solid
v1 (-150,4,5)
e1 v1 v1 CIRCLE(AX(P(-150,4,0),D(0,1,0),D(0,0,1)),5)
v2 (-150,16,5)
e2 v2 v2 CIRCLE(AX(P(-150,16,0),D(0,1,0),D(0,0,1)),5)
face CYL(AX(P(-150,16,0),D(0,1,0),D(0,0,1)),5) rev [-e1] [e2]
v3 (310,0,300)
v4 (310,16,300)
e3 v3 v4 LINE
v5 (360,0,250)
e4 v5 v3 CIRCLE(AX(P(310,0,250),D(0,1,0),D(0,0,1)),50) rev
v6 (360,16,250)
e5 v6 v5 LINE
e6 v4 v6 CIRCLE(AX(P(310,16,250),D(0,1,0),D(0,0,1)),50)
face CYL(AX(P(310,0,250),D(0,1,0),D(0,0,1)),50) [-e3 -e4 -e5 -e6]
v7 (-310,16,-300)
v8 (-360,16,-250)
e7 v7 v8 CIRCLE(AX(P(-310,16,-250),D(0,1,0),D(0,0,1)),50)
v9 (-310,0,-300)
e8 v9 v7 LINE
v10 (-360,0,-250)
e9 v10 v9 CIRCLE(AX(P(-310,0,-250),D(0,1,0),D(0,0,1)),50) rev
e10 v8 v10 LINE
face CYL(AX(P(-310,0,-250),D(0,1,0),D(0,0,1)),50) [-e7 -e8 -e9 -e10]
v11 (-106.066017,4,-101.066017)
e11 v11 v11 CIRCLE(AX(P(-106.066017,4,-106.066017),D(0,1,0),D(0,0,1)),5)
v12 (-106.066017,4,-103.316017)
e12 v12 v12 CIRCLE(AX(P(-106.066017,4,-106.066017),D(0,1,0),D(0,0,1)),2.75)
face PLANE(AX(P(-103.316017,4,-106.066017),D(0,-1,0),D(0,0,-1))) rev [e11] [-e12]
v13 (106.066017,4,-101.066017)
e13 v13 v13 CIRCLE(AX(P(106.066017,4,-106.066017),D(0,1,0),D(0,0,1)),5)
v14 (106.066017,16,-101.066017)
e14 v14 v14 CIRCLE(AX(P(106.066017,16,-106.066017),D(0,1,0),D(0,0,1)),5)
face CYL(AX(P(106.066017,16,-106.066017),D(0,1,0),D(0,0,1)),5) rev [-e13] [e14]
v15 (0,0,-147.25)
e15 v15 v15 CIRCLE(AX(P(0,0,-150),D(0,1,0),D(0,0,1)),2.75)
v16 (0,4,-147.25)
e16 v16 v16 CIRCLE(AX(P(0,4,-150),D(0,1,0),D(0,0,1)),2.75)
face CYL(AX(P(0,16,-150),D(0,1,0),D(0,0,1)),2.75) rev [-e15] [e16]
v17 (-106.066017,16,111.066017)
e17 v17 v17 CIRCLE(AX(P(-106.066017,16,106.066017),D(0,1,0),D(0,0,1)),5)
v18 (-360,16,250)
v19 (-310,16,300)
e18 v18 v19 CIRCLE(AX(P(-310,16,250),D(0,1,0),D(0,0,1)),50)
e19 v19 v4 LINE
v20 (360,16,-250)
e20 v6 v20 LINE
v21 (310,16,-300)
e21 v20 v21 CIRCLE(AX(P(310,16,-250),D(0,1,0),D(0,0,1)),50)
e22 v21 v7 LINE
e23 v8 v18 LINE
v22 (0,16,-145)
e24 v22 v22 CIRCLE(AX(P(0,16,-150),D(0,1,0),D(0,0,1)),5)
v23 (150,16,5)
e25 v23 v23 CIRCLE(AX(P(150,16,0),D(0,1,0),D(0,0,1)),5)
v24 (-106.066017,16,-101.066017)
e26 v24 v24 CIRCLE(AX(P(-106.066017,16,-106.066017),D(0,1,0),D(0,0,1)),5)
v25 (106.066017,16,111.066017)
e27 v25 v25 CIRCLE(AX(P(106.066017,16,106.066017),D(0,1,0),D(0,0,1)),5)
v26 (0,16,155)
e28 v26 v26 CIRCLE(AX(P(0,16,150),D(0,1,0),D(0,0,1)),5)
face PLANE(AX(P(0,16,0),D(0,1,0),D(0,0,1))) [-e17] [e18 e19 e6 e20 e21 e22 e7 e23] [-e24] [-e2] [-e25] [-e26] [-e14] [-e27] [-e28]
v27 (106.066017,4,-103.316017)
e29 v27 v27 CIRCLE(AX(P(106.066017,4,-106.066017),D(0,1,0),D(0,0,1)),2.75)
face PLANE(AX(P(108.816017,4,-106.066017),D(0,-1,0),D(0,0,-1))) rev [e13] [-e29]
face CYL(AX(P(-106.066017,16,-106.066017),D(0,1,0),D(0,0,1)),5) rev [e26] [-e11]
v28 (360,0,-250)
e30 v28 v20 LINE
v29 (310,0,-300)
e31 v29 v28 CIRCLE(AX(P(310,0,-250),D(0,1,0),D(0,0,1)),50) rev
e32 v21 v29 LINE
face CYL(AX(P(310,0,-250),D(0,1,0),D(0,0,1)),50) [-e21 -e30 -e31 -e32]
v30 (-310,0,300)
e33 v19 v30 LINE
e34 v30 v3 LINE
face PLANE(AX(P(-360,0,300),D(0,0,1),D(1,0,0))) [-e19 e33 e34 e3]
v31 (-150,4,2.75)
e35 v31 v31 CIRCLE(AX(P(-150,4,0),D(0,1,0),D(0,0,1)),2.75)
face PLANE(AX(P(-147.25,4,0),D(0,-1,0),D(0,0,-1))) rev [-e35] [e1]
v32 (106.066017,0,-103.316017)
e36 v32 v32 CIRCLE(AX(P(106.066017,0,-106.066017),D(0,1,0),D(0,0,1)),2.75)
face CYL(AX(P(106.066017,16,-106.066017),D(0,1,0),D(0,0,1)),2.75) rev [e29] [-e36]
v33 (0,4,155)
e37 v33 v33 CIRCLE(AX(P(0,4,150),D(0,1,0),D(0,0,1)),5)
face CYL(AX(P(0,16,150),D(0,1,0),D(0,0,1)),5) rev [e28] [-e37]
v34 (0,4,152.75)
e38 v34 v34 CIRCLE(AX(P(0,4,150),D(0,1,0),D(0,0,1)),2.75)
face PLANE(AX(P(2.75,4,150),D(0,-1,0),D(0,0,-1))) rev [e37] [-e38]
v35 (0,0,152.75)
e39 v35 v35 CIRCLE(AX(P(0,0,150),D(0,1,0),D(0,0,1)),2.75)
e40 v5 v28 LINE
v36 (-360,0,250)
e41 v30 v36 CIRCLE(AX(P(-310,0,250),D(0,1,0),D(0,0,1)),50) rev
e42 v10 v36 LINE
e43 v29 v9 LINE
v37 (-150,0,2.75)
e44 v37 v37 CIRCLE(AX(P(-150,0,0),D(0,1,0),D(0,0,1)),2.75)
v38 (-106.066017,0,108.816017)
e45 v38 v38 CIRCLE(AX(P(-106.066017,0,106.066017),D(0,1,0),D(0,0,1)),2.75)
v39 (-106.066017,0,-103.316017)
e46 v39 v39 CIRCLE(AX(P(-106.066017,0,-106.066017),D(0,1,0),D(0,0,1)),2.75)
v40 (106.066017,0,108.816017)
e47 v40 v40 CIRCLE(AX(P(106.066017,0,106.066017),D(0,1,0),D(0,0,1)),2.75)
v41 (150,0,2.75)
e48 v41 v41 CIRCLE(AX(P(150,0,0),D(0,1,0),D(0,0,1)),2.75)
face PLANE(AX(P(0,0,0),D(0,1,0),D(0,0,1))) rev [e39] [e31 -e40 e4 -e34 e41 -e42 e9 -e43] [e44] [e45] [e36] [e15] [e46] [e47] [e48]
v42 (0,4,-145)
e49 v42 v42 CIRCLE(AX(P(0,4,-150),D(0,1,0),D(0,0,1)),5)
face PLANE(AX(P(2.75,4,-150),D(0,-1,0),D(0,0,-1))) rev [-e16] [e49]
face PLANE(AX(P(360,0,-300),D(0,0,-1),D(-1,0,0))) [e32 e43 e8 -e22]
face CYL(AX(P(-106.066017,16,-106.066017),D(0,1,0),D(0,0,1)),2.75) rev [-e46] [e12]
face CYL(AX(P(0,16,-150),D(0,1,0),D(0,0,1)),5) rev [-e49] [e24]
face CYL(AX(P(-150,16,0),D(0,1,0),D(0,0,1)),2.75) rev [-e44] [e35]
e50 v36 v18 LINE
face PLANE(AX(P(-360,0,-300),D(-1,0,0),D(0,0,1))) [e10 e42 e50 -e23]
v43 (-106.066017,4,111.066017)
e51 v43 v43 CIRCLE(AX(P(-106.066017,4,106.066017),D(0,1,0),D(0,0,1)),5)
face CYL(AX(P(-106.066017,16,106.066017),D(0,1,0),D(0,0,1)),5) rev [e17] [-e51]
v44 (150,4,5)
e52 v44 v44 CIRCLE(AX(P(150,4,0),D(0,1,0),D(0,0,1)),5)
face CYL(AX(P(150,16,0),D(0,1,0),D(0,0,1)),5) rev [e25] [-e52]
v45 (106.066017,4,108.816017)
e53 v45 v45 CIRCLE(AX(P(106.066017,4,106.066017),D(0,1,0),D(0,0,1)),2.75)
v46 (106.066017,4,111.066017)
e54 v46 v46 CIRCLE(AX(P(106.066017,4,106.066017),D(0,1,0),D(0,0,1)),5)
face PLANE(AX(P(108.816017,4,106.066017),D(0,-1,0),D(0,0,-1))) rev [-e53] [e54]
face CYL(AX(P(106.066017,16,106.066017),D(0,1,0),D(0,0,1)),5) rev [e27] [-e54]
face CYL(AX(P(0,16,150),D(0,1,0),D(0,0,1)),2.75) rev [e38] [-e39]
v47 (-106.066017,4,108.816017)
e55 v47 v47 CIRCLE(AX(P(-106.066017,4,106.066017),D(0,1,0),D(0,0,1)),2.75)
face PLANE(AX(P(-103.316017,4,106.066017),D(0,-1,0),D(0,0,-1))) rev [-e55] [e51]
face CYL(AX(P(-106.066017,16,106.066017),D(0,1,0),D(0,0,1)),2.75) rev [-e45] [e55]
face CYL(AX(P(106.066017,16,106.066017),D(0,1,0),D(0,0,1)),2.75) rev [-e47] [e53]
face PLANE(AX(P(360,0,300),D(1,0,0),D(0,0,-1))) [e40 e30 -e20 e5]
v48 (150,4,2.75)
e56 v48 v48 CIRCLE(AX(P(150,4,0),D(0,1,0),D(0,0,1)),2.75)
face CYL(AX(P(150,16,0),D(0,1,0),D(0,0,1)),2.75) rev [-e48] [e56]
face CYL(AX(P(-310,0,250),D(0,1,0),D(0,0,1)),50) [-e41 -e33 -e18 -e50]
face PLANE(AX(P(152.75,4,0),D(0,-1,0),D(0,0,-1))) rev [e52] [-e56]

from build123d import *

# Parameters (mm, degrees)
SKETCH_1_W                   = 720
SKETCH_1_H                   = 600
EXTRUDE_1_DEPTH              = 16
HOLE_WIZARD_M5_1_D           = 5.5
HOLE_WIZARD_M5_1_CBORE_D     = 10
HOLE_WIZARD_M5_1_CBORE_DEPTH = 12
FILLET_1_R                   = 50


with BuildPart() as part:
    # 草图1 → 凸台-拉伸1 (new body)
    with BuildSketch(Plane(origin=(0, 16, 0), x_dir=(1, 0, 0), z_dir=(0, 1, 0))):
        Rectangle(SKETCH_1_W, SKETCH_1_H)
    extrude(amount=-EXTRUDE_1_DEPTH)

    # M5 六角头螺栓的柱形沉头孔1 (through all)
    with Locations(Plane(origin=(0, 16, 0), x_dir=(1, 0, 0), z_dir=(0, 1, 0))):
        with Locations((106.066017178, -106.066017178), (0, -150), (-106.066017178, -106.066017178), (-150, 0), (-106.066017178, 106.066017178), (0, 150), (106.066017178, 106.066017178), (150, 0)):
            CounterBoreHole(HOLE_WIZARD_M5_1_D / 2, HOLE_WIZARD_M5_1_CBORE_D / 2, HOLE_WIZARD_M5_1_CBORE_DEPTH)

    # 圆角1
    fillet_1_edges = [part.edges().sort_by_distance(p)[0] for p in [
        (-360, 8, -300),
        (360, 8, -300),
        (360, 8, 300),
        (-360, 8, 300),
    ]]
    fillet(fillet_1_edges, radius=FILLET_1_R)


solid = part.part
